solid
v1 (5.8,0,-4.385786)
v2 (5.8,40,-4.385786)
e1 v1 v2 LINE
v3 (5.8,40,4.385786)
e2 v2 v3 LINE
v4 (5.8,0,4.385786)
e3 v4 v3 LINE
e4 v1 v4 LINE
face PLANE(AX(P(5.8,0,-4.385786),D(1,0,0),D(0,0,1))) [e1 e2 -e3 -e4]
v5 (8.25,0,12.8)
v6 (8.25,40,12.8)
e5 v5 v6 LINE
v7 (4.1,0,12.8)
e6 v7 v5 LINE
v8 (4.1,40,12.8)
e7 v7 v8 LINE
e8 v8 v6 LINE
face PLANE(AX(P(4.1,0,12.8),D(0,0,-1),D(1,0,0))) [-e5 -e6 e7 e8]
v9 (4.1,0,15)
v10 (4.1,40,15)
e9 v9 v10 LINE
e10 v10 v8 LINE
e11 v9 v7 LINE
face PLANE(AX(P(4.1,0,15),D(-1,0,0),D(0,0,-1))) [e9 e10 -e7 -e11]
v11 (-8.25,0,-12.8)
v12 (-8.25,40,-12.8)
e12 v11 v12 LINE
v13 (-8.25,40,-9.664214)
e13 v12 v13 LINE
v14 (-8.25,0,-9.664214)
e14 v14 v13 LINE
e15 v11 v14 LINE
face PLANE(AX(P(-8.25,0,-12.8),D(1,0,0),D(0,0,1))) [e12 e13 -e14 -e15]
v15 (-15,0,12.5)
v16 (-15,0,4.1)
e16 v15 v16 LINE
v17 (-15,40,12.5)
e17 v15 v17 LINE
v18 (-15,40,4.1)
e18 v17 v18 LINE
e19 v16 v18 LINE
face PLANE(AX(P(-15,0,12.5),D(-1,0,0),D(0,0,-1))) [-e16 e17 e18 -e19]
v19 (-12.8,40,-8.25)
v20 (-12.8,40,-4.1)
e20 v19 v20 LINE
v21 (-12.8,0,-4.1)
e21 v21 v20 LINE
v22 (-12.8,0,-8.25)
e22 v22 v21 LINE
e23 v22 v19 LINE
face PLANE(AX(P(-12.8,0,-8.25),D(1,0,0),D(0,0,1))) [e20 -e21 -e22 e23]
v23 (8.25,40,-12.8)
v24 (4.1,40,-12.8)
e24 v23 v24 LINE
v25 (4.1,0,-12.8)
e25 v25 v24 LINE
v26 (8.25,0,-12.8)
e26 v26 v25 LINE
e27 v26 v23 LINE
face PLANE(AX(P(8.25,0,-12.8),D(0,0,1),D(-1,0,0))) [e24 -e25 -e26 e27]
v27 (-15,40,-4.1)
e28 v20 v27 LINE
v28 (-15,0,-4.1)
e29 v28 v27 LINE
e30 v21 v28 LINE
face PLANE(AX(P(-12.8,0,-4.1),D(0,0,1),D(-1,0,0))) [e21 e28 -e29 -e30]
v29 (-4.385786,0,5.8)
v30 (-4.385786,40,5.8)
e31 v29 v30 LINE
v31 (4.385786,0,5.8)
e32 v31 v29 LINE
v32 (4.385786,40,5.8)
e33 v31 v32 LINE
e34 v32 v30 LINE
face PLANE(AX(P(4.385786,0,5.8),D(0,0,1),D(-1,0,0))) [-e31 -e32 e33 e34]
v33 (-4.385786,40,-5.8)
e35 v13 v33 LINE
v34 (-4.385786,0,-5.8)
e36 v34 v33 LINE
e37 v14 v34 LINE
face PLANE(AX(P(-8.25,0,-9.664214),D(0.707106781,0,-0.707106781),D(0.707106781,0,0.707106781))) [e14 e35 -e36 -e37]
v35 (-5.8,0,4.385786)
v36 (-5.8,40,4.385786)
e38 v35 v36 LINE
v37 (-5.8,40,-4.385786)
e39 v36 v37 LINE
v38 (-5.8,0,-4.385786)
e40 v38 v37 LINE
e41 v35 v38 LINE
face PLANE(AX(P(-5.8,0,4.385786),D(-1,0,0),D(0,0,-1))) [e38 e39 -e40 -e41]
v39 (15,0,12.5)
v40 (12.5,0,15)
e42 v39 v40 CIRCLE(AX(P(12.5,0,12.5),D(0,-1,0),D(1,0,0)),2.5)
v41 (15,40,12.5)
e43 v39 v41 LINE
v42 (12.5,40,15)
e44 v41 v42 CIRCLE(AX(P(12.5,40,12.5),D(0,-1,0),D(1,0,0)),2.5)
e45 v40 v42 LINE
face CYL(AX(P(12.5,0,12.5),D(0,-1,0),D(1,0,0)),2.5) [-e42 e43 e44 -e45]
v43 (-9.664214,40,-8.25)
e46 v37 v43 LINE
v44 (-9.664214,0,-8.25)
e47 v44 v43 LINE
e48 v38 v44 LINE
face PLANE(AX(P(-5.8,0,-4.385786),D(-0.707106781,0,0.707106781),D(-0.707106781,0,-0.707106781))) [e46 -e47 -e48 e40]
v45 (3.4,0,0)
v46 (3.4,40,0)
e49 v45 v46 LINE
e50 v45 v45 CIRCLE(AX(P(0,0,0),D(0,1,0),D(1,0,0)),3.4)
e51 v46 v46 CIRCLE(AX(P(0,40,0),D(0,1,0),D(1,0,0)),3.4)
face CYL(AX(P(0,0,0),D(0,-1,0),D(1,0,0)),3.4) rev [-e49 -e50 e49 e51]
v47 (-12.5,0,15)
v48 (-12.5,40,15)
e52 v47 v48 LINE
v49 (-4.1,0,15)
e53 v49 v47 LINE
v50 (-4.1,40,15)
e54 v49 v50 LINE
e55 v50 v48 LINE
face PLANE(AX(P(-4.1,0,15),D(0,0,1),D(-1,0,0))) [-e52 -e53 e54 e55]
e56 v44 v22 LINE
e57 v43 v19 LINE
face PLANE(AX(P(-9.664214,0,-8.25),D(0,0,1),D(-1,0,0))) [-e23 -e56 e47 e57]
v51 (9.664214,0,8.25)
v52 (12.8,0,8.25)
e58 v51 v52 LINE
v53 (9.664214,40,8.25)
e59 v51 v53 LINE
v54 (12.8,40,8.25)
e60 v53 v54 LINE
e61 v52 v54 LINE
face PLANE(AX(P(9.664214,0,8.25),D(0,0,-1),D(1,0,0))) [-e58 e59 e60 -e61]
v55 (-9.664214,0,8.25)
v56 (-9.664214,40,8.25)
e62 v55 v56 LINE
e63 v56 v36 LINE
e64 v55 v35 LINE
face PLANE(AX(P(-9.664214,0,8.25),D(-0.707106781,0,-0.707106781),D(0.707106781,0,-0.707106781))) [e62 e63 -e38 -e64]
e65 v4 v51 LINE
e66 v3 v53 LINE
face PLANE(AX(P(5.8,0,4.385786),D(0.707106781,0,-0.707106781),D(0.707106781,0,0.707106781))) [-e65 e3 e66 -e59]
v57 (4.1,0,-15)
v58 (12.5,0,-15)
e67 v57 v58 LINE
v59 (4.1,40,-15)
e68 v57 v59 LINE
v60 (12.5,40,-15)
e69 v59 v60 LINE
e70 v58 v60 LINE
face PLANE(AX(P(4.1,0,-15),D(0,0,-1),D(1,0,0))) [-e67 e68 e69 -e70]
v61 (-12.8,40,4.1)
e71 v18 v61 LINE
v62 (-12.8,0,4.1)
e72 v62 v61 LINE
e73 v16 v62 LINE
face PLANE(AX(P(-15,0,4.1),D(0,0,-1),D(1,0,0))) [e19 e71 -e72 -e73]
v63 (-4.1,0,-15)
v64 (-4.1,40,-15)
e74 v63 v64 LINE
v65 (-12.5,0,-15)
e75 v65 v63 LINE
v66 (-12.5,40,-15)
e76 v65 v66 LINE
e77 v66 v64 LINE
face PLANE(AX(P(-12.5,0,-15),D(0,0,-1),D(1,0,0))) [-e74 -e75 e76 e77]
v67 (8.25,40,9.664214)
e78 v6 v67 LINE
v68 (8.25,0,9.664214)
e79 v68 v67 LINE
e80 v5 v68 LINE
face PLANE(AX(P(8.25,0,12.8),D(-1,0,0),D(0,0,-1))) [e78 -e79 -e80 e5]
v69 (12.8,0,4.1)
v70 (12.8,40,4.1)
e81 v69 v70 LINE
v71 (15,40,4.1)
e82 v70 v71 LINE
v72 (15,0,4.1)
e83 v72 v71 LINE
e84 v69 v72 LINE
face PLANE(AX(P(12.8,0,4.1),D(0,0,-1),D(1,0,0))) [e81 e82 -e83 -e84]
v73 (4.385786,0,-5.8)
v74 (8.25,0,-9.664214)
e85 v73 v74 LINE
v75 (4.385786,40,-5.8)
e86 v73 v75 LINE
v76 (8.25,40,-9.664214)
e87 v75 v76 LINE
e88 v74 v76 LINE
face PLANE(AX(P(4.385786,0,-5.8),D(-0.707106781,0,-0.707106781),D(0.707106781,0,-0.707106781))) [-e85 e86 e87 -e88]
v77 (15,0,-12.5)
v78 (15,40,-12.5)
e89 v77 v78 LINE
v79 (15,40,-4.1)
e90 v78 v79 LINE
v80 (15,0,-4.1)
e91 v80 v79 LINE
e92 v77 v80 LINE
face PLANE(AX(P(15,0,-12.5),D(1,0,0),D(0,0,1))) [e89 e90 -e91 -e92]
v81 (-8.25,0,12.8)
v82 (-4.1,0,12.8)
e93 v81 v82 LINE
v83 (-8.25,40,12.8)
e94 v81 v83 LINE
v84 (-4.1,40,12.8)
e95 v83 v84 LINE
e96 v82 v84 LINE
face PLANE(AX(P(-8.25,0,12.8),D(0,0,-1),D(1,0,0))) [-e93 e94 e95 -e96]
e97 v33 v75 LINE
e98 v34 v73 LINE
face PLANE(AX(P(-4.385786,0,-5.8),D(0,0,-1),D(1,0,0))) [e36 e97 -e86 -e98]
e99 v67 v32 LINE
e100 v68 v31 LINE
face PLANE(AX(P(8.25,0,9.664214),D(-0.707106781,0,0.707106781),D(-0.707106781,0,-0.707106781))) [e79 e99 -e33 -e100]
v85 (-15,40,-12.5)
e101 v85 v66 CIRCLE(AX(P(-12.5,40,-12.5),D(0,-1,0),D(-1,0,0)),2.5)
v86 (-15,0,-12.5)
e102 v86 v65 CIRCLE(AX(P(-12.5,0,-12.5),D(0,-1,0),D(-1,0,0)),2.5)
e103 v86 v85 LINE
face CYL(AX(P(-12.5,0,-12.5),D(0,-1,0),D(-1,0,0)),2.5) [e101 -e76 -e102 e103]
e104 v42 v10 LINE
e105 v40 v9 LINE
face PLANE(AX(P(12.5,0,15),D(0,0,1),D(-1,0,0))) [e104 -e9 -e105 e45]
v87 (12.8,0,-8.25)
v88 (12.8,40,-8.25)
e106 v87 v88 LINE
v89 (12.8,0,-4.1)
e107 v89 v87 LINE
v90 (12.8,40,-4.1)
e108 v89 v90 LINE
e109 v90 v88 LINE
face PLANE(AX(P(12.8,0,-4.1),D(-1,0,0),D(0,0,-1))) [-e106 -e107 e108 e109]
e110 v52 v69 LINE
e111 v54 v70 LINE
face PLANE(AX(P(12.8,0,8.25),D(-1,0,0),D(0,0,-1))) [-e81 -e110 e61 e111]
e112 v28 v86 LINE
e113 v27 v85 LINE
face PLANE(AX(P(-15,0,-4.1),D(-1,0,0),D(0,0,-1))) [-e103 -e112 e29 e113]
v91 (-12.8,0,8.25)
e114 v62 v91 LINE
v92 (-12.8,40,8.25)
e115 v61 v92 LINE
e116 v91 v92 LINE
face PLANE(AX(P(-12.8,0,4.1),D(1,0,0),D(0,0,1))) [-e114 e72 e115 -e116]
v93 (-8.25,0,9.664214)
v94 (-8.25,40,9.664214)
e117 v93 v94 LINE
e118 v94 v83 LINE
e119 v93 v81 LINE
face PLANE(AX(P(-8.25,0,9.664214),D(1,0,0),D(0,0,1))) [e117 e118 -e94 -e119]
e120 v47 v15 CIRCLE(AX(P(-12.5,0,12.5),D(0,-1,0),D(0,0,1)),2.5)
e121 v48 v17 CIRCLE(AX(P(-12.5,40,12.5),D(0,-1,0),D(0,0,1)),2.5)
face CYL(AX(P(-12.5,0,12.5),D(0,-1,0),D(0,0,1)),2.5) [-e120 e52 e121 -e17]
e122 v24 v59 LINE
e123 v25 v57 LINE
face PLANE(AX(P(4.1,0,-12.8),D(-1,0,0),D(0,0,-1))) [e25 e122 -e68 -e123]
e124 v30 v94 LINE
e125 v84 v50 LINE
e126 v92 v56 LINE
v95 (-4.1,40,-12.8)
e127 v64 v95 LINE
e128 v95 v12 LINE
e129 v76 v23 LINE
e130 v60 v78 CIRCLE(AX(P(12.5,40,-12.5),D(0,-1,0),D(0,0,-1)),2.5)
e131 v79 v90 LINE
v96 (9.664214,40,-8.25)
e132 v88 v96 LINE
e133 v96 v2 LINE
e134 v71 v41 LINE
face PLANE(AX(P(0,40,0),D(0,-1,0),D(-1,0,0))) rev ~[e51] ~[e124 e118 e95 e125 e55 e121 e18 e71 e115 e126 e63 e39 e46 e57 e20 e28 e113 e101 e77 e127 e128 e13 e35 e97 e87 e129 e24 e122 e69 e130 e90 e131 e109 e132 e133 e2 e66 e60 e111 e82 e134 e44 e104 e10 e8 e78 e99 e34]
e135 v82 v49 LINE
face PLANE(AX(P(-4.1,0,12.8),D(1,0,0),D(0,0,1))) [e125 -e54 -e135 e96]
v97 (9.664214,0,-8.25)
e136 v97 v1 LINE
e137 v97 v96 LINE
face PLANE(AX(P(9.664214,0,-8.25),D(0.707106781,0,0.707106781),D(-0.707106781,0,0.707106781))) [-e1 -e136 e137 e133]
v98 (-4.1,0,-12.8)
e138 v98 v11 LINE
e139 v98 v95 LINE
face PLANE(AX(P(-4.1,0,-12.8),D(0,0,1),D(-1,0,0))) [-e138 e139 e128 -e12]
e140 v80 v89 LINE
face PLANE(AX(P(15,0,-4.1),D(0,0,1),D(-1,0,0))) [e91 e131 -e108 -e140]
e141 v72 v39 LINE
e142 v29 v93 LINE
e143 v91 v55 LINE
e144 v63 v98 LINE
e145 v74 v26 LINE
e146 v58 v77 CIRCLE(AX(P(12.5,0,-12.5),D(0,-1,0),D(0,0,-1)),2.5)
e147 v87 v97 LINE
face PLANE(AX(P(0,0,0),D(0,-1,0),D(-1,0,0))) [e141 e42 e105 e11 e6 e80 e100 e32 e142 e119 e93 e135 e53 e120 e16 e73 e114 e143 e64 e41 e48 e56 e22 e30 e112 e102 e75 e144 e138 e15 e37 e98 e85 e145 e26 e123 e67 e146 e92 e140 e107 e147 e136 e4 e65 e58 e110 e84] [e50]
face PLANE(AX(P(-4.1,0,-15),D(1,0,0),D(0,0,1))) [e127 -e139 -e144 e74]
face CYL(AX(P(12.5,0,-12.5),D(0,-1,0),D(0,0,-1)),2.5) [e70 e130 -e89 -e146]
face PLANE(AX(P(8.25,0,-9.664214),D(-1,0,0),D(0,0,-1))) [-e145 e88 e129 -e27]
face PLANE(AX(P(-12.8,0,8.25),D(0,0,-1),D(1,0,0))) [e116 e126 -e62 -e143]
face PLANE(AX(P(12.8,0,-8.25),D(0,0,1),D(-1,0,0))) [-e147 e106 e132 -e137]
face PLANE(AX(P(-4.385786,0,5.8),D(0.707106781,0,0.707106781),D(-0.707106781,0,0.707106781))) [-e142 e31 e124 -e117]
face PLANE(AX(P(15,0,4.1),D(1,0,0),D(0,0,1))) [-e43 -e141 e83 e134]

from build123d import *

# Parameters (mm, degrees)
SKETCH1_R           = 3.4
BOSS_EXTRUDE1_DEPTH = 40


with BuildPart() as part:
    # Sketch1 → Boss-Extrude1 (new body)
    with BuildSketch(Plane(origin=(0, 0, 0), x_dir=(1, 0, 0), z_dir=(0, 1, 0))):
        with BuildLine():
            Line((5.8, 4.385786438), (5.8, -4.385786438))
            Line((5.8, -4.385786438), (9.664213562, -8.25))
            Line((9.664213562, -8.25), (12.8, -8.25))
            Line((12.8, -8.25), (12.8, -4.1))
            Line((12.8, -4.1), (15, -4.1))
            Line((15, -4.1), (15, -12.5))
            ThreePointArc((15, -12.5), (14.267766953, -14.267766953), (12.5, -15))
            Line((12.5, -15), (4.1, -15))
            Line((4.1, -15), (4.1, -12.8))
            Line((4.1, -12.8), (8.25, -12.8))
            Line((8.25, -12.8), (8.25, -9.664213562))
            Line((8.25, -9.664213562), (4.385786438, -5.8))
            Line((4.385786438, -5.8), (-4.385786438, -5.8))
            Line((-4.385786438, -5.8), (-8.25, -9.664213562))
            Line((-8.25, -9.664213562), (-8.25, -12.8))
            Line((-8.25, -12.8), (-4.1, -12.8))
            Line((-4.1, -12.8), (-4.1, -15))
            Line((-4.1, -15), (-12.5, -15))
            ThreePointArc((-12.5, -15), (-14.267766953, -14.267766953), (-15, -12.5))
            Line((-15, -12.5), (-15, -4.1))
            Line((-15, -4.1), (-12.8, -4.1))
            Line((-12.8, -4.1), (-12.8, -8.25))
            Line((-12.8, -8.25), (-9.664213562, -8.25))
            Line((-9.664213562, -8.25), (-5.8, -4.385786438))
            Line((-5.8, -4.385786438), (-5.8, 4.385786438))
            Line((-5.8, 4.385786438), (-9.664213562, 8.25))
            Line((-9.664213562, 8.25), (-12.8, 8.25))
            Line((-12.8, 8.25), (-12.8, 4.1))
            Line((-12.8, 4.1), (-15, 4.1))
            Line((-15, 4.1), (-15, 12.5))
            ThreePointArc((-15, 12.5), (-14.267766953, 14.267766953), (-12.5, 15))
            Line((-12.5, 15), (-4.1, 15))
            Line((-4.1, 15), (-4.1, 12.8))
            Line((-4.1, 12.8), (-8.25, 12.8))
            Line((-8.25, 12.8), (-8.25, 9.664213562))
            Line((-8.25, 9.664213562), (-4.385786438, 5.8))
            Line((-4.385786438, 5.8), (4.385786438, 5.8))
            Line((4.385786438, 5.8), (8.25, 9.664213562))
            Line((8.25, 9.664213562), (8.25, 12.8))
            Line((8.25, 12.8), (4.1, 12.8))
            Line((4.1, 12.8), (4.1, 15))
            Line((4.1, 15), (12.5, 15))
            ThreePointArc((12.5, 15), (14.267766953, 14.267766953), (15, 12.5))
            Line((15, 12.5), (15, 4.1))
            Line((15, 4.1), (12.8, 4.1))
            Line((12.8, 4.1), (12.8, 8.25))
            Line((12.8, 8.25), (9.664213562, 8.25))
            Line((9.664213562, 8.25), (5.8, 4.385786438))
        make_face()
        Circle(SKETCH1_R, mode=Mode.SUBTRACT)
    extrude(amount=BOSS_EXTRUDE1_DEPTH)


solid = part.part
